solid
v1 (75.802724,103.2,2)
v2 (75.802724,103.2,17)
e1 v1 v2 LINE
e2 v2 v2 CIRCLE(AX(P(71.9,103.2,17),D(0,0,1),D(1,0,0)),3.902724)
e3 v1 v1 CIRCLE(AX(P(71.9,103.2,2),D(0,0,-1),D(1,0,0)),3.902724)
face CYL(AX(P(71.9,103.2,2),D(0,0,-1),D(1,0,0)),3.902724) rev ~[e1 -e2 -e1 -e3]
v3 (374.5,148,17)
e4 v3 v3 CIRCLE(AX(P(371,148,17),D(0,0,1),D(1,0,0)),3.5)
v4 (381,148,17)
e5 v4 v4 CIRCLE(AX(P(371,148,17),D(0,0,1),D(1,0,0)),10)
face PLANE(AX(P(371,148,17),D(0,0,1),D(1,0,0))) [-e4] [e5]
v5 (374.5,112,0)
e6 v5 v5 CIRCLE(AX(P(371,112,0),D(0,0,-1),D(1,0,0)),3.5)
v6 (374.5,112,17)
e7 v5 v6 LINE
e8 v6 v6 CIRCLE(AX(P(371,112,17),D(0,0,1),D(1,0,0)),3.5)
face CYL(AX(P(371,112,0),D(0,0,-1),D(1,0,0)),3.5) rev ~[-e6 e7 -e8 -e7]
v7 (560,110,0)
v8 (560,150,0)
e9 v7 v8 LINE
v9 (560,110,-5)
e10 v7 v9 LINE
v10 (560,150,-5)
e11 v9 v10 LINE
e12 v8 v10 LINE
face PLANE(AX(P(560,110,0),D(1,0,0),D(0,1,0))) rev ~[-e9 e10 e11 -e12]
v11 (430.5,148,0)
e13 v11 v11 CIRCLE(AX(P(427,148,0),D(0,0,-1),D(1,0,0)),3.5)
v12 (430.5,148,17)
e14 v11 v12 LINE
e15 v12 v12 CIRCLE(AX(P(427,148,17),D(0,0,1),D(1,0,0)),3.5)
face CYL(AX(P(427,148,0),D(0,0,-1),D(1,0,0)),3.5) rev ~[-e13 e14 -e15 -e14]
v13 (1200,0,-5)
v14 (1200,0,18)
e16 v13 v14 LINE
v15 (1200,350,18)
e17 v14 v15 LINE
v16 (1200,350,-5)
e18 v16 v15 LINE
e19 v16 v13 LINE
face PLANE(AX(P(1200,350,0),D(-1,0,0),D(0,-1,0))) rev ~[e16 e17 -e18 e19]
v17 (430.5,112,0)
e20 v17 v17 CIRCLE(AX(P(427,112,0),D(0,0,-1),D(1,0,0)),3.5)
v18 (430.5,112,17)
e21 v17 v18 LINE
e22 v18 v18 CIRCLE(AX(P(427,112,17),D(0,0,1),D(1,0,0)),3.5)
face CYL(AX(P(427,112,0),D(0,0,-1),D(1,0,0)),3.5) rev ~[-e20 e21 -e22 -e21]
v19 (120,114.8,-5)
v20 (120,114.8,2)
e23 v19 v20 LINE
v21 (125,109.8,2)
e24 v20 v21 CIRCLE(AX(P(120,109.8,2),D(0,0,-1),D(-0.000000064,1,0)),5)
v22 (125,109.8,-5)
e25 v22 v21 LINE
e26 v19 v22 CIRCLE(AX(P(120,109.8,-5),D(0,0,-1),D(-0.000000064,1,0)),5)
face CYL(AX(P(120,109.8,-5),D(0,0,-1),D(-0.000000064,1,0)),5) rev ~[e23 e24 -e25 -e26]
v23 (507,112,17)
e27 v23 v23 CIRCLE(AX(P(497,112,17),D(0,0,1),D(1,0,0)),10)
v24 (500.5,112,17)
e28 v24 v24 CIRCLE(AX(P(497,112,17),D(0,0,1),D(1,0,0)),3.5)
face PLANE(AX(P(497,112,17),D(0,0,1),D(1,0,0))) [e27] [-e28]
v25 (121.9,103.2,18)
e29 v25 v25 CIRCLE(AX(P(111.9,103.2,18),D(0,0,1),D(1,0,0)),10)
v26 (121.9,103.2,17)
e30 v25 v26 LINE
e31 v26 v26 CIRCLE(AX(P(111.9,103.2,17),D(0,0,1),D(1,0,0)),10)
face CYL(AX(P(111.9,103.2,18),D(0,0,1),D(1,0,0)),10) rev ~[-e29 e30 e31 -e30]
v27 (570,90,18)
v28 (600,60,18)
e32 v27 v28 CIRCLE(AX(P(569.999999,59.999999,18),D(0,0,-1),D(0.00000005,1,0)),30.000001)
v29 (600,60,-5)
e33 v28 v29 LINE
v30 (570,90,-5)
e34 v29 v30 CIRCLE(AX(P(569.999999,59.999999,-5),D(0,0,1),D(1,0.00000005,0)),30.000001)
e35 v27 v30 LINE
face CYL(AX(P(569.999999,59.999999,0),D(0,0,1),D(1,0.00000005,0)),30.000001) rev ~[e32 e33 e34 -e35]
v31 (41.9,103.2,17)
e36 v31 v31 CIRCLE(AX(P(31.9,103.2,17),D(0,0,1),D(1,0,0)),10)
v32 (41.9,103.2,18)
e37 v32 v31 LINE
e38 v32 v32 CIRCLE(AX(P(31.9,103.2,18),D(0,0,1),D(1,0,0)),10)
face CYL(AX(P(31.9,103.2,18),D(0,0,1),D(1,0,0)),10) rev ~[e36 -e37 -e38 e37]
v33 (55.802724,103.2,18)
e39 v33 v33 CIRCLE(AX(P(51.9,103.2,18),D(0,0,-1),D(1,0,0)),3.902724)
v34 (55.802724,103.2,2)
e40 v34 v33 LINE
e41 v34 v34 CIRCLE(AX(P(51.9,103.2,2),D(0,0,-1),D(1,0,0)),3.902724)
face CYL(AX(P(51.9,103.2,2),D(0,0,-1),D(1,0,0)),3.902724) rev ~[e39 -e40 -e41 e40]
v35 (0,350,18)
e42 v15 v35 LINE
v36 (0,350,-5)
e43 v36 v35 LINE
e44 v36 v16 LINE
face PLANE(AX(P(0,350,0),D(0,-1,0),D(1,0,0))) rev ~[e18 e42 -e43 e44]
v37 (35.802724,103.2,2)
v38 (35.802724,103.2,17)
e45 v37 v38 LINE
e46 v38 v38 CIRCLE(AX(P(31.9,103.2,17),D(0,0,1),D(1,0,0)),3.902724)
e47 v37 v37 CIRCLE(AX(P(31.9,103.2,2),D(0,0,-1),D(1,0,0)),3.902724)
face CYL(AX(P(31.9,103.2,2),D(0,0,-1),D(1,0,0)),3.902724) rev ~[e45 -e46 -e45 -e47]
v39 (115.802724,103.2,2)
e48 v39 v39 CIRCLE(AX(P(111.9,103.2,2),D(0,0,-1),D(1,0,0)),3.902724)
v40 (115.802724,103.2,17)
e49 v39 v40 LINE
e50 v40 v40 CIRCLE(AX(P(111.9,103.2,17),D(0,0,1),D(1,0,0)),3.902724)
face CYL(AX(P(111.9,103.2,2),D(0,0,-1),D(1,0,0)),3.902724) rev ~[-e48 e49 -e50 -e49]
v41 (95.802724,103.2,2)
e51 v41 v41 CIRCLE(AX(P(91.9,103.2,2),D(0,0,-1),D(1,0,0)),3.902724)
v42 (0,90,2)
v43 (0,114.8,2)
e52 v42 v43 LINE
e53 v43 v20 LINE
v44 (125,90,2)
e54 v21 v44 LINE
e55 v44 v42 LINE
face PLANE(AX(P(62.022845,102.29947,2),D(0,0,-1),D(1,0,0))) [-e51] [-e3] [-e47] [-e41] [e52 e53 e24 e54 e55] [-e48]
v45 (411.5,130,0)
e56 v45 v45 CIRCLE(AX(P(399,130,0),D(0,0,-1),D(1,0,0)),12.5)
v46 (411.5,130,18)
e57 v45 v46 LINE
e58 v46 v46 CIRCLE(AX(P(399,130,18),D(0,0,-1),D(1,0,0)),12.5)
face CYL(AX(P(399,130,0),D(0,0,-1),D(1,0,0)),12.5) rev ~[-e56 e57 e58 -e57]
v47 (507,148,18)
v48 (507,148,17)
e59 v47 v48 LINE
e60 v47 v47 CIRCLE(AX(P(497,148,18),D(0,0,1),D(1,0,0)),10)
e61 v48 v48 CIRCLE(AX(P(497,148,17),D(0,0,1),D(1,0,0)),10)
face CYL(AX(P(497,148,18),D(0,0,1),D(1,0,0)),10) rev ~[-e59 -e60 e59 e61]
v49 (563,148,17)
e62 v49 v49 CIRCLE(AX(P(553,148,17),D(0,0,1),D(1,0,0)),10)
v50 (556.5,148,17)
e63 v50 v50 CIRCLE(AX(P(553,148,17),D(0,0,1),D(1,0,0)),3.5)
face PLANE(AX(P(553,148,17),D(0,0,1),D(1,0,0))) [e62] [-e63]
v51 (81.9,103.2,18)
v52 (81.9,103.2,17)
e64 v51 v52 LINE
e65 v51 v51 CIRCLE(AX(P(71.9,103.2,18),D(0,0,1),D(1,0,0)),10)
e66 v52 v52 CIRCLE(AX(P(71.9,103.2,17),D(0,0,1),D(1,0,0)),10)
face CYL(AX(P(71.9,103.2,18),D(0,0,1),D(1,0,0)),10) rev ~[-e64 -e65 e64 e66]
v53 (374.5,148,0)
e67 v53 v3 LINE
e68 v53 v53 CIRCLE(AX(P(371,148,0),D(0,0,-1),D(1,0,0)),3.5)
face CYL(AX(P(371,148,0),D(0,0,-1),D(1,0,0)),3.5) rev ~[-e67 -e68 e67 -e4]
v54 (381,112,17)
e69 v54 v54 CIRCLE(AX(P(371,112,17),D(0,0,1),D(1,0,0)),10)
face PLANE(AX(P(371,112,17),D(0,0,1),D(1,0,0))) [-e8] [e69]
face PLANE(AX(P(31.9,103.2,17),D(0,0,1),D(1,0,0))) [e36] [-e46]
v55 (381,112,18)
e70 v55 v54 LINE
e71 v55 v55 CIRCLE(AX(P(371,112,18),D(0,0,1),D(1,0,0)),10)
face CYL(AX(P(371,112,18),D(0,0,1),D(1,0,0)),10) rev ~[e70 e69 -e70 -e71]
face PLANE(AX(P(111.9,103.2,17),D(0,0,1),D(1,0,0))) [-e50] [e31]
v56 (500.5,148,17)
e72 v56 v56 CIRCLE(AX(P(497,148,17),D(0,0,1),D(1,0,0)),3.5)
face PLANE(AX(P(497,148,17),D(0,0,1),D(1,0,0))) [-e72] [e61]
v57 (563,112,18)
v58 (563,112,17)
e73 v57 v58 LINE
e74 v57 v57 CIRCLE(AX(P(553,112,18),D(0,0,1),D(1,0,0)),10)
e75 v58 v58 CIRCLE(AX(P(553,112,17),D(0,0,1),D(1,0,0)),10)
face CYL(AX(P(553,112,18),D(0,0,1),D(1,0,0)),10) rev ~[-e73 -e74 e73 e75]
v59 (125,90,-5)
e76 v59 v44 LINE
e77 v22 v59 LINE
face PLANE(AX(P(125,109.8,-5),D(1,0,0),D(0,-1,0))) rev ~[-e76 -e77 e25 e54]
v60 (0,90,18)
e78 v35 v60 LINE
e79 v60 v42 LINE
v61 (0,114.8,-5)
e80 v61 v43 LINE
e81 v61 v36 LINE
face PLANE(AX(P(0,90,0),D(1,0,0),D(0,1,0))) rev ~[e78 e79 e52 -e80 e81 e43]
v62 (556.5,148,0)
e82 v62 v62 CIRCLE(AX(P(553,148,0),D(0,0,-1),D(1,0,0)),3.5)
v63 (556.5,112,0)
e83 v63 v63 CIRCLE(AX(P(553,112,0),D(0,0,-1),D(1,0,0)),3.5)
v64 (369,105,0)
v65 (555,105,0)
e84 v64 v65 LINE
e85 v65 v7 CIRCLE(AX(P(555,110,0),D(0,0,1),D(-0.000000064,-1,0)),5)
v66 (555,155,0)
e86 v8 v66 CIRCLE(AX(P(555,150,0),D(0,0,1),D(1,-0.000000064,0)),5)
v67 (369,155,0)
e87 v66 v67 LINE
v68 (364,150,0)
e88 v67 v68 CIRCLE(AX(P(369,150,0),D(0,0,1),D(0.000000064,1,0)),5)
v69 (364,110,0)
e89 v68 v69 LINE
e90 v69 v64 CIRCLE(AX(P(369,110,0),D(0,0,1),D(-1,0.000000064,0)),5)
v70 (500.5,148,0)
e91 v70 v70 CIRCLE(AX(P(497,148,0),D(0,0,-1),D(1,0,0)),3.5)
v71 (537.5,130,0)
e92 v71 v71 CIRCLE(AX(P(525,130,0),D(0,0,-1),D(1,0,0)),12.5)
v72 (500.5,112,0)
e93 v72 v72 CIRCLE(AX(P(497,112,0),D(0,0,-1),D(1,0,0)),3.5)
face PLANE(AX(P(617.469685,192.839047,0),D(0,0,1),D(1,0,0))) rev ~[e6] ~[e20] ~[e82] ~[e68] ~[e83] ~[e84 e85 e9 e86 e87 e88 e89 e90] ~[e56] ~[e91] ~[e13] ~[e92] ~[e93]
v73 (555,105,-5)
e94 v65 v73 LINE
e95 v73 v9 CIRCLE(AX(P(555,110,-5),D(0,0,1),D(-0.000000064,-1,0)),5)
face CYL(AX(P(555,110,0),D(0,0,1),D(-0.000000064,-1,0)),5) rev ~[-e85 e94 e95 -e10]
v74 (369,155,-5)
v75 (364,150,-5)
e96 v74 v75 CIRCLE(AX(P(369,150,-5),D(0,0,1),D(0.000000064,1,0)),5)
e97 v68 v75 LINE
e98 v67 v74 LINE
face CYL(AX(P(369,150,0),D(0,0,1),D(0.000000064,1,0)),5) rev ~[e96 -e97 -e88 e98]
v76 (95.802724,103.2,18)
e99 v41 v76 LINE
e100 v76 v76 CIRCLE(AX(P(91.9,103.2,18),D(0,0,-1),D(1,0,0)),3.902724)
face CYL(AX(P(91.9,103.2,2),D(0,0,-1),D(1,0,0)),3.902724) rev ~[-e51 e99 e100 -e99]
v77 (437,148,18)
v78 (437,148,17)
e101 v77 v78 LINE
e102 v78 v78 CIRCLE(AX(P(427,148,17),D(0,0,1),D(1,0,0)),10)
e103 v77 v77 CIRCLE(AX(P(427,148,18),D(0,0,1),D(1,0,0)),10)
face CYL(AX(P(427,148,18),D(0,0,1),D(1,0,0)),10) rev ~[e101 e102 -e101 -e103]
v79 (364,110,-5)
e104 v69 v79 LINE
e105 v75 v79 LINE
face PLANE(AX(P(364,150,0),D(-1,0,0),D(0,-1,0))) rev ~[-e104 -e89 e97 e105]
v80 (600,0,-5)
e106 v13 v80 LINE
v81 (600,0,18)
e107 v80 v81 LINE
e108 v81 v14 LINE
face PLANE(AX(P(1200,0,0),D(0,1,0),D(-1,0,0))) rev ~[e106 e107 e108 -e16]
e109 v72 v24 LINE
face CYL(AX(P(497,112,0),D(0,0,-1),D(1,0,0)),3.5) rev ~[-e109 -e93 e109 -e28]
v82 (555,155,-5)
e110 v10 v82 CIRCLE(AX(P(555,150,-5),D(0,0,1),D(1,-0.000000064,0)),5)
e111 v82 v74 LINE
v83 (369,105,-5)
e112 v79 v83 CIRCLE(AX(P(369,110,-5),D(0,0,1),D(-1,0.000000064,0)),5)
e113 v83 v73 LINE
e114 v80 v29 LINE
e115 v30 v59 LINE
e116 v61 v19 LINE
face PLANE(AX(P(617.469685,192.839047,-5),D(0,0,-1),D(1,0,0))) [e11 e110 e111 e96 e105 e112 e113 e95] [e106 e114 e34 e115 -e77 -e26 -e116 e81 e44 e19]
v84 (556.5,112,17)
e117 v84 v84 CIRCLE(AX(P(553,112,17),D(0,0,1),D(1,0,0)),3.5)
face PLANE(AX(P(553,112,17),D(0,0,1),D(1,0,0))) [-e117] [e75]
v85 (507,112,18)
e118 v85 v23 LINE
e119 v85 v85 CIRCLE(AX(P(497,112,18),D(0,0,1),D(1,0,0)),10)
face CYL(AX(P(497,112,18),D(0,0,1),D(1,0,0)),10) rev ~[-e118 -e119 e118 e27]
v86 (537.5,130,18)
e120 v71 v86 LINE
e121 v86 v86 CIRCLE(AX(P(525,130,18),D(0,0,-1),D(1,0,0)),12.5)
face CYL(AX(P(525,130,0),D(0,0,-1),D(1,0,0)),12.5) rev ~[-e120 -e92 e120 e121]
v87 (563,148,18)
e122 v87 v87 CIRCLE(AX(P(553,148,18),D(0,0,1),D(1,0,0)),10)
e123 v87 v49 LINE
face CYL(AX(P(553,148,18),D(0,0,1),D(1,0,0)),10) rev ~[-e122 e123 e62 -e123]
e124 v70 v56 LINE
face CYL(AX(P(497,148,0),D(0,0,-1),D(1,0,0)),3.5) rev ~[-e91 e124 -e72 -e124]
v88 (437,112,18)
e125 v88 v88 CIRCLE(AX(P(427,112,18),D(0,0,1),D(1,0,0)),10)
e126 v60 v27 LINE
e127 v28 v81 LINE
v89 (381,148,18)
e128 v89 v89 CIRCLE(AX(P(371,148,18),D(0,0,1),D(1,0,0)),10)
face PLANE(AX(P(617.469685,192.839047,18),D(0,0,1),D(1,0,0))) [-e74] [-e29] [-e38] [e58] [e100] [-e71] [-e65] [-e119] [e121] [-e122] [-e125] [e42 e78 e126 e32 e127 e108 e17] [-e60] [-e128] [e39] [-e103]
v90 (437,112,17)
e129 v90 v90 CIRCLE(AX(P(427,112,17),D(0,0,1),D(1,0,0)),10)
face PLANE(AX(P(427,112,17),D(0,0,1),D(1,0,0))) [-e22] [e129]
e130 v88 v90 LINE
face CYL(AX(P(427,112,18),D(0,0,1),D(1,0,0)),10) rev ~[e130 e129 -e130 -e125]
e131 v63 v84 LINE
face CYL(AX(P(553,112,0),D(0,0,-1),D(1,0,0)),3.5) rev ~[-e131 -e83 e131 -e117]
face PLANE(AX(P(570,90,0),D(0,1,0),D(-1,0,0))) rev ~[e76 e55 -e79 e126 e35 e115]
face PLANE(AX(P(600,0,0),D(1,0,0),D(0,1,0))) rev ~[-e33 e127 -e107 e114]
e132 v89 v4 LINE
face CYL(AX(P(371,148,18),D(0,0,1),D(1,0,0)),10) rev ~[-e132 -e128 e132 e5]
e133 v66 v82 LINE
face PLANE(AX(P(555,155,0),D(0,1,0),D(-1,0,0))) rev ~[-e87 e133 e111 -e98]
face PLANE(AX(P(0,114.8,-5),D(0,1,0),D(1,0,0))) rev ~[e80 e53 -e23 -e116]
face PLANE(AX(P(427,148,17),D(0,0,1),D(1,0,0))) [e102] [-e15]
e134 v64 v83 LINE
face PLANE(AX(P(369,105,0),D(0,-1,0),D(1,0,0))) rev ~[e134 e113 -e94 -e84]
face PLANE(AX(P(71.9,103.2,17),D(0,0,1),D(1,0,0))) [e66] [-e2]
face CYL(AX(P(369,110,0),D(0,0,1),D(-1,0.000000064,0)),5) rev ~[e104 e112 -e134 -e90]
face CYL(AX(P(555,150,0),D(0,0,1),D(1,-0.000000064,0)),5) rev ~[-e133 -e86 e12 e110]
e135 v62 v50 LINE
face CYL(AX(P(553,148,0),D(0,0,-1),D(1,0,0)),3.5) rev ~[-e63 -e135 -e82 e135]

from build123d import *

# Parameters (mm, degrees)
F1_DEPTH  = 18
F3_DEPTH  = 5
F5_DEPTH  = 7
F6_R      = 12.5
F6_R_2    = 3.5
F7_DEPTH  = 25
F8_R      = 10
F8_R_2    = 3.5
F9_DEPTH  = 1
F10_R     = 3.902724
F11_DEPTH = 25
F12_R     = 10
F12_R_2   = 3.902724
F13_DEPTH = 1


with BuildPart() as f1:
    # F0 (on Top) → F1 (new body)
    with BuildSketch(Plane.XY):
        with BuildLine():
            Line((600, 60), (600, 0))
            Line((600, 0), (1200, 0))
            Line((1200, 0), (1200, 350))
            Line((1200, 350), (0, 350))
            Line((0, 350), (0, 90))
            Line((0, 90), (570, 90))
            ThreePointArc((570, 90), (591.213203, 81.213203), (600, 60))
        make_face()
    extrude(amount=F1_DEPTH)

    # F2 (on face) → F3 (join)
    with BuildSketch(Plane(origin=(0, 0, 0), x_dir=(1, 0, 0), z_dir=(0, 0, -1))):
        with BuildLine():
            Line((600, 0), (600, -60))
            ThreePointArc((600, -60), (591.213203, -81.213203), (570, -90))
            Line((570, -90), (0, -90))
            Line((0, -90), (0, -350))
            Line((0, -350), (1200, -350))
            Line((1200, -350), (1200, 0))
            Line((1200, 0), (600, 0))
        make_face()
        with BuildLine():
            Line((369, -105), (555, -105))
            ThreePointArc((555, -105), (558.535534, -106.464466), (560, -110))
            Line((560, -110), (560, -150))
            ThreePointArc((560, -150), (558.535534, -153.535534), (555, -155))
            Line((555, -155), (369, -155))
            ThreePointArc((369, -155), (365.464466, -153.535534), (364, -150))
            Line((364, -150), (364, -110))
            ThreePointArc((364, -110), (365.464466, -106.464466), (369, -105))
        make_face(mode=Mode.SUBTRACT)
    extrude(amount=F3_DEPTH)

    # F4 (on face) → F5 (cut)
    with BuildSketch(Plane(origin=(0, 0, -5), x_dir=(1, 0, 0), z_dir=(0, 0, -1))):
        with BuildLine():
            Line((125, -90), (0, -90))
            Line((0, -90), (0, -114.8))
            Line((0, -114.8), (120, -114.8))
            ThreePointArc((120, -114.8), (123.535534, -113.335534), (125, -109.8))
            Line((125, -109.8), (125, -90))
        make_face()
    extrude(amount=-F5_DEPTH, mode=Mode.SUBTRACT)

    # F6 (on face) → F7 (cut)
    with BuildSketch(Plane(origin=(0, 0, 0), x_dir=(1, 0, 0), z_dir=(0, 0, -1))):
        with Locations((525, -130)):
            Circle(F6_R)
        with Locations((399, -130)):
            Circle(F6_R)
        with Locations((371, -112)):
            Circle(F6_R_2)
        with Locations((427, -112)):
            Circle(F6_R_2)
        with Locations((371, -148)):
            Circle(F6_R_2)
        with Locations((427, -148)):
            Circle(F6_R_2)
        with Locations((497, -148)):
            Circle(F6_R_2)
        with Locations((497, -112)):
            Circle(F6_R_2)
        with Locations((553, -112)):
            Circle(F6_R_2)
        with Locations((553, -148)):
            Circle(F6_R_2)
    extrude(amount=-F7_DEPTH, mode=Mode.SUBTRACT)

    # F8 (on face) → F9 (cut)
    with BuildSketch(Plane.XY.offset(18)):
        with Locations((371, 148)):
            Circle(F8_R)
        with Locations((371, 148)):
            Circle(F8_R_2, mode=Mode.SUBTRACT)
        with Locations((427, 148)):
            Circle(F8_R)
        with Locations((427, 148)):
            Circle(F8_R_2, mode=Mode.SUBTRACT)
        with Locations((497, 148)):
            Circle(F8_R)
        with Locations((497, 148)):
            Circle(F8_R_2, mode=Mode.SUBTRACT)
        with Locations((553, 148)):
            Circle(F8_R)
        with Locations((553, 148)):
            Circle(F8_R_2, mode=Mode.SUBTRACT)
        with Locations((553, 112)):
            Circle(F8_R)
        with Locations((553, 112)):
            Circle(F8_R_2, mode=Mode.SUBTRACT)
        with Locations((497, 112)):
            Circle(F8_R)
        with Locations((497, 112)):
            Circle(F8_R_2, mode=Mode.SUBTRACT)
        with Locations((427, 112)):
            Circle(F8_R)
        with Locations((427, 112)):
            Circle(F8_R_2, mode=Mode.SUBTRACT)
        with Locations((371, 112)):
            Circle(F8_R)
        with Locations((371, 112)):
            Circle(F8_R_2, mode=Mode.SUBTRACT)
    extrude(amount=-F9_DEPTH, mode=Mode.SUBTRACT)

    # F10 (on face) → F11 (cut)
    with BuildSketch(Plane(origin=(0, 0, 2), x_dir=(1, 0, 0), z_dir=(0, 0, -1))):
        with Locations((111.9, -103.2)):
            Circle(F10_R)
        with Locations((91.9, -103.2)):
            Circle(F10_R)
        with Locations((71.9, -103.2)):
            Circle(F10_R)
        with Locations((51.9, -103.2)):
            Circle(F10_R)
        with Locations((31.9, -103.2)):
            Circle(F10_R)
    extrude(amount=-F11_DEPTH, mode=Mode.SUBTRACT)

    # F12 (on face) → F13 (cut)
    with BuildSketch(Plane.XY.offset(18)):
        with Locations((31.9, 103.2)):
            Circle(F12_R)
        with Locations((31.9, 103.2)):
            Circle(F12_R_2, mode=Mode.SUBTRACT)
        with Locations((71.9, 103.2)):
            Circle(F12_R)
        with Locations((71.9, 103.2)):
            Circle(F12_R_2, mode=Mode.SUBTRACT)
        with Locations((111.9, 103.2)):
            Circle(F12_R)
        with Locations((111.9, 103.2)):
            Circle(F12_R_2, mode=Mode.SUBTRACT)
    extrude(amount=-F13_DEPTH, mode=Mode.SUBTRACT)


solid = f1.part
